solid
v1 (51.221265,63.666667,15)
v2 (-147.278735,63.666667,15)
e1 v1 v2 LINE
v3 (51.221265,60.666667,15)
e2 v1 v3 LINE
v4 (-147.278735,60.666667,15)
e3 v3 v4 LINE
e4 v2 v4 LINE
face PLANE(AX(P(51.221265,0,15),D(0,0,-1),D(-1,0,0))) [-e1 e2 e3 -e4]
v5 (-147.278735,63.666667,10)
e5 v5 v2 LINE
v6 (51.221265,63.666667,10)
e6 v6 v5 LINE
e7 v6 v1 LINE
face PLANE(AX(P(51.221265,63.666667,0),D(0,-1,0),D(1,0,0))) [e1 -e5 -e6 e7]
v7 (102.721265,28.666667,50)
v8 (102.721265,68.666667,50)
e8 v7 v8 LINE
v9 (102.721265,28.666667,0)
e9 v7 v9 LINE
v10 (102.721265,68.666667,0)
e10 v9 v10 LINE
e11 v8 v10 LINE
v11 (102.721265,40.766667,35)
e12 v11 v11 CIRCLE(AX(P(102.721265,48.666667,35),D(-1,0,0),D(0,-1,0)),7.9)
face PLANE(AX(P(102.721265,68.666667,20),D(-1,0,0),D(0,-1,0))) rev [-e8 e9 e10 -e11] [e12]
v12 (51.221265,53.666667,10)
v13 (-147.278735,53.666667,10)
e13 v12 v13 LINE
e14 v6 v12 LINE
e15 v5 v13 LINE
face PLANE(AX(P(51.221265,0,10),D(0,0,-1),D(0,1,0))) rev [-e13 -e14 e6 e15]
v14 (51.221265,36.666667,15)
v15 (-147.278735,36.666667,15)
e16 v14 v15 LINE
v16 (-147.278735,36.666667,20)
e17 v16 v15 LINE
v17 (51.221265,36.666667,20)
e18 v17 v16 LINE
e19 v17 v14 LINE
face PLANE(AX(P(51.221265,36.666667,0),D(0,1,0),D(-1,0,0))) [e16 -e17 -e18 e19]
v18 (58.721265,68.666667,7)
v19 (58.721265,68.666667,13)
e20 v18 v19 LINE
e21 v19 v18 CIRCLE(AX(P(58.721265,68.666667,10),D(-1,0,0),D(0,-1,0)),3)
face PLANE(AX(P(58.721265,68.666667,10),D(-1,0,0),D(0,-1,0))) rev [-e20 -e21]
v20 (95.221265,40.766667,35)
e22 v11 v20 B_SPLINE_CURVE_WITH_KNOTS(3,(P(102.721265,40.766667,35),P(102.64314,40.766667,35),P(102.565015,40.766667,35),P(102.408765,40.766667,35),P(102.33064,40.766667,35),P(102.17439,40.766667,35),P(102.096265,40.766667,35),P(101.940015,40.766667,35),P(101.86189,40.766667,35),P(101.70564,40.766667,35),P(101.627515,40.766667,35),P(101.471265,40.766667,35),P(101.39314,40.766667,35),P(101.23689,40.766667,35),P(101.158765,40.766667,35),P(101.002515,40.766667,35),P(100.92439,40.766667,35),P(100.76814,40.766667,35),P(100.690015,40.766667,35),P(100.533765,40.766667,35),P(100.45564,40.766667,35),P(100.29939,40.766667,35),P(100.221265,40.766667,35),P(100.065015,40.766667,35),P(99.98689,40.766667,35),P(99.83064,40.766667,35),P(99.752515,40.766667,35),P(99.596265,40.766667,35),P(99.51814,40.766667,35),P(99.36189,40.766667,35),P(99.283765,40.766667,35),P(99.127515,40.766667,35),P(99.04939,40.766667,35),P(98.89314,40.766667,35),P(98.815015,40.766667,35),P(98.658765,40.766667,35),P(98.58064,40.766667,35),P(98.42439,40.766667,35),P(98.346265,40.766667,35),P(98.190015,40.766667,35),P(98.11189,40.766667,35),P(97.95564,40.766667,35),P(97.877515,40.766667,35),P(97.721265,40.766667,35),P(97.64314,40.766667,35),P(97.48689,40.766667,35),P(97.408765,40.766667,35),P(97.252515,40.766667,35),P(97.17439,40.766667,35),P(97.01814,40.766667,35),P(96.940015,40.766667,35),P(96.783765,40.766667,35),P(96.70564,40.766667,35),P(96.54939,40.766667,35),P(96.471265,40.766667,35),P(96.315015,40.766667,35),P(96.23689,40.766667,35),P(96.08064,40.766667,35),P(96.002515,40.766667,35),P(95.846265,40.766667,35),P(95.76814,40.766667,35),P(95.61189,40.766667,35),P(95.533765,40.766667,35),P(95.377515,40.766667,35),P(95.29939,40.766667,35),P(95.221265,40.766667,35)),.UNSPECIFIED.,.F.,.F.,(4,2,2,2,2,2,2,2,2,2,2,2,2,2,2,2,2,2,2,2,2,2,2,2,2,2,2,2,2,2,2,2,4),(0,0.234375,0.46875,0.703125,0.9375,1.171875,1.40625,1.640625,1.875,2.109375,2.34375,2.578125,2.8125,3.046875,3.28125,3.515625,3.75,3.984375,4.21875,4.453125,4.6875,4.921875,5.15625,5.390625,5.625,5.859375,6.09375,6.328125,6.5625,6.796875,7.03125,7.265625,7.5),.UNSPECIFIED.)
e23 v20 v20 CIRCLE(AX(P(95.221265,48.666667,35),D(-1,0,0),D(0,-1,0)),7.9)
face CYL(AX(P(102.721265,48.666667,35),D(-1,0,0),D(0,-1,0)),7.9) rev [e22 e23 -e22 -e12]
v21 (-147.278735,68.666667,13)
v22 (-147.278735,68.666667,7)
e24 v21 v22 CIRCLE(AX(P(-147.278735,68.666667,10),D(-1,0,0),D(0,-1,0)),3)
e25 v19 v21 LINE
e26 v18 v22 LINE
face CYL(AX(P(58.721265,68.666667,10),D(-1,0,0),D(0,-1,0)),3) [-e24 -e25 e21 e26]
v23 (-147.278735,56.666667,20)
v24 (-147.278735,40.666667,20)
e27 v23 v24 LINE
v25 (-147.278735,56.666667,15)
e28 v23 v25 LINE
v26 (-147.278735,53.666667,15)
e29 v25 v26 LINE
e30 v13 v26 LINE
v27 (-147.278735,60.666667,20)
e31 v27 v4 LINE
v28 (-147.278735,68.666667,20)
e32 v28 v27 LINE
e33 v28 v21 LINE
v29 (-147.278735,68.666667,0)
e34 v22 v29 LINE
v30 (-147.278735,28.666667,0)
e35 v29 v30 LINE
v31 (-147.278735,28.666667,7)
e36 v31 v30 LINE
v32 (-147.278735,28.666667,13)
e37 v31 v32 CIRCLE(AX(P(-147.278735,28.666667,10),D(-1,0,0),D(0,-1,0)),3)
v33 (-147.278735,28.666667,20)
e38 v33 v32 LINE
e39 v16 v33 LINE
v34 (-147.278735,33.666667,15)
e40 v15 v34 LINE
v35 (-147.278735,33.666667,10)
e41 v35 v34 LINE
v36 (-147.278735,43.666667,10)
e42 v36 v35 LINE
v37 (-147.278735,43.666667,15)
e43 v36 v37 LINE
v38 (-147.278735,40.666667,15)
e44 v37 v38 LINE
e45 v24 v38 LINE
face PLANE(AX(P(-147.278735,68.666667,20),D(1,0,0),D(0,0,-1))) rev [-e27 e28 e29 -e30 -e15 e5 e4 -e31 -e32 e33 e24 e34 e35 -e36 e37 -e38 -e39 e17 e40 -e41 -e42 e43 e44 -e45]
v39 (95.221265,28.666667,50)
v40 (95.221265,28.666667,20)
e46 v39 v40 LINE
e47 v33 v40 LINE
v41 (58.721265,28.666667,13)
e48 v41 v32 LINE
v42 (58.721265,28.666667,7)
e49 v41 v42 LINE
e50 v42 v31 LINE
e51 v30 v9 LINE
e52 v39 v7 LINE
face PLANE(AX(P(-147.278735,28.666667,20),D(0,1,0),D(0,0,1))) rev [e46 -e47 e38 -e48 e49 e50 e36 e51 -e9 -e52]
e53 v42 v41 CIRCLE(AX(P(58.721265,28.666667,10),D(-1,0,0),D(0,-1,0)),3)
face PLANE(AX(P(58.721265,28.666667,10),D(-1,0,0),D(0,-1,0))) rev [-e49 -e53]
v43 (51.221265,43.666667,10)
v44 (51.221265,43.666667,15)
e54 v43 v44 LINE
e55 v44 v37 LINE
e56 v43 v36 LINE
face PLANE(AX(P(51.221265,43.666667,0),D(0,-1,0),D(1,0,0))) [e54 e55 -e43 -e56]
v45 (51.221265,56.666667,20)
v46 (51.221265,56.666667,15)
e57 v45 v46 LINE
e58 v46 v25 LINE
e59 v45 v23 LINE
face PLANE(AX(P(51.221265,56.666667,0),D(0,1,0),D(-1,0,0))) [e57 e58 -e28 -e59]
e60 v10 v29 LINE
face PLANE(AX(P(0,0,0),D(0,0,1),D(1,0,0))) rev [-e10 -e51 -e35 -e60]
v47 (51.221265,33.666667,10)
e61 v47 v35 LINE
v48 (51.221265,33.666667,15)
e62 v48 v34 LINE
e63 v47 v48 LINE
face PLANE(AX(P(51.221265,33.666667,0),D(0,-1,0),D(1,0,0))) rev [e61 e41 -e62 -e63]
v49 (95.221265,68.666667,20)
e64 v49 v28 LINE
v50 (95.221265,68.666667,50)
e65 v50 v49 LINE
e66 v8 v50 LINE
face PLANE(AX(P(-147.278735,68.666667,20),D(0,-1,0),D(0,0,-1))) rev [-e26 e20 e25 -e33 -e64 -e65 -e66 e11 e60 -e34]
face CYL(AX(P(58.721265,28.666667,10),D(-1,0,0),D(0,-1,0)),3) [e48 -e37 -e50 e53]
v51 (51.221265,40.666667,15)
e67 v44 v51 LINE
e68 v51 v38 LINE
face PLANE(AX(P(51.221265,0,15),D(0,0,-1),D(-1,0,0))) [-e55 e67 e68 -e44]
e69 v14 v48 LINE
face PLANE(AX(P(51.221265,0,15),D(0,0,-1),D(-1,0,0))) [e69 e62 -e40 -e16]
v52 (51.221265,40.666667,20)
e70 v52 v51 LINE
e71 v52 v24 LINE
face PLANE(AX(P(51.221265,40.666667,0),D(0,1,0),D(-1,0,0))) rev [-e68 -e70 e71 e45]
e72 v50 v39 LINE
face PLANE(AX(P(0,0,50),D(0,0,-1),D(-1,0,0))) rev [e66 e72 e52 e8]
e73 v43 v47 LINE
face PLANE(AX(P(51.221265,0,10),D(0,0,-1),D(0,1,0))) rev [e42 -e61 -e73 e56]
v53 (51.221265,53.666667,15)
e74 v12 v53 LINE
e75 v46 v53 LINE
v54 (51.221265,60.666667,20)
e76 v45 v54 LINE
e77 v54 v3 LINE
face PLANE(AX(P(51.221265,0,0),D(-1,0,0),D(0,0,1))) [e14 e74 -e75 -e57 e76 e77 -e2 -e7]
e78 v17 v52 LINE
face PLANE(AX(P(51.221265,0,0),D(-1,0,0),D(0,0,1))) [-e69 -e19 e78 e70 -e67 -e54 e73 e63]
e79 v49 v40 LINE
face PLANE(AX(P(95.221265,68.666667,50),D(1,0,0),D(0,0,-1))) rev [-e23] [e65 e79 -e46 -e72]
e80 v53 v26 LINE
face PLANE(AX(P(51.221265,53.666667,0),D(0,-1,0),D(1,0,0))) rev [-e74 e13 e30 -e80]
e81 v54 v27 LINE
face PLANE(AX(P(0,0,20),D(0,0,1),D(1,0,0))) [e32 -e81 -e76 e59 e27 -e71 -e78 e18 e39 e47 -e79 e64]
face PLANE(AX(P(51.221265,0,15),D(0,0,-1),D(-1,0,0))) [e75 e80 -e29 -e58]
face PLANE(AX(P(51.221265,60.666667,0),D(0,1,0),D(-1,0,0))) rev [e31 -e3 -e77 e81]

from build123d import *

# Parameters (mm, degrees)
SKETCH1_W           = 250
SKETCH1_H           = 40
BOSS_EXTRUDE1_DEPTH = 20
SKETCH2_W           = 7.5
SKETCH2_H           = 40
BOSS_EXTRUDE2_DEPTH = 30
BOSS_EXTRUDE3_DEPTH = 206
CUT_EXTRUDE1_DEPTH  = 198.5
SKETCH7_R           = 7.9
CUT_EXTRUDE2_DEPTH  = 258.764157926


with BuildPart() as part:
    # Sketch1 → Boss-Extrude1 (new body)
    with BuildSketch(Plane.XY):
        with Locations((-22.278734849, 48.666666667)):
            Rectangle(SKETCH1_W, SKETCH1_H)
    extrude(amount=BOSS_EXTRUDE1_DEPTH)

    # Sketch2 → Boss-Extrude2 (add)
    with BuildSketch(Plane.XY.offset(20)):
        with Locations((98.971265151, 48.666666667)):
            Rectangle(SKETCH2_W, SKETCH2_H)
    extrude(amount=BOSS_EXTRUDE2_DEPTH)

    # Sketch4 → Boss-Extrude3 (add)
    with BuildSketch(Plane.ZY.offset(147.278734849)):
        with BuildLine():
            Line((7, 68.666666667), (13, 68.666666667))
            ThreePointArc((13, 68.666666667), (10, 71.666666667), (7, 68.666666667))
        make_face()
        with BuildLine():
            Line((7, 28.666666667), (13, 28.666666667))
            ThreePointArc((13, 28.666666667), (10, 25.666666667), (7, 28.666666667))
        make_face()
    extrude(amount=-BOSS_EXTRUDE3_DEPTH)

    # Sketch6 → Cut-Extrude1 (cut)
    with BuildSketch(Plane.ZY.offset(147.278734849)):
        Polygon((20, 56.666666667), (20, 60.666666667), (15, 60.666666667), (15, 63.666666667), (10, 63.666666667), (10, 53.666666667), (15, 53.666666667), (15, 56.666666667), align=None)
        Polygon((20, 36.666666667), (20, 40.666666667), (15, 40.666666667), (15, 43.666666667), (10, 43.666666667), (10, 33.666666667), (15, 33.666666667), (15, 36.666666667), align=None)
    extrude(amount=-CUT_EXTRUDE1_DEPTH, mode=Mode.SUBTRACT)

    # Sketch7 → Cut-Extrude2 (cut, through all)
    with BuildSketch(Plane.ZY.offset(-95.221265151)):
        with Locations(Location((35, 48.666666667, 0), (0, 0, 270))):
            Circle(SKETCH7_R)
    extrude(amount=-CUT_EXTRUDE2_DEPTH, mode=Mode.SUBTRACT)


solid = part.part
